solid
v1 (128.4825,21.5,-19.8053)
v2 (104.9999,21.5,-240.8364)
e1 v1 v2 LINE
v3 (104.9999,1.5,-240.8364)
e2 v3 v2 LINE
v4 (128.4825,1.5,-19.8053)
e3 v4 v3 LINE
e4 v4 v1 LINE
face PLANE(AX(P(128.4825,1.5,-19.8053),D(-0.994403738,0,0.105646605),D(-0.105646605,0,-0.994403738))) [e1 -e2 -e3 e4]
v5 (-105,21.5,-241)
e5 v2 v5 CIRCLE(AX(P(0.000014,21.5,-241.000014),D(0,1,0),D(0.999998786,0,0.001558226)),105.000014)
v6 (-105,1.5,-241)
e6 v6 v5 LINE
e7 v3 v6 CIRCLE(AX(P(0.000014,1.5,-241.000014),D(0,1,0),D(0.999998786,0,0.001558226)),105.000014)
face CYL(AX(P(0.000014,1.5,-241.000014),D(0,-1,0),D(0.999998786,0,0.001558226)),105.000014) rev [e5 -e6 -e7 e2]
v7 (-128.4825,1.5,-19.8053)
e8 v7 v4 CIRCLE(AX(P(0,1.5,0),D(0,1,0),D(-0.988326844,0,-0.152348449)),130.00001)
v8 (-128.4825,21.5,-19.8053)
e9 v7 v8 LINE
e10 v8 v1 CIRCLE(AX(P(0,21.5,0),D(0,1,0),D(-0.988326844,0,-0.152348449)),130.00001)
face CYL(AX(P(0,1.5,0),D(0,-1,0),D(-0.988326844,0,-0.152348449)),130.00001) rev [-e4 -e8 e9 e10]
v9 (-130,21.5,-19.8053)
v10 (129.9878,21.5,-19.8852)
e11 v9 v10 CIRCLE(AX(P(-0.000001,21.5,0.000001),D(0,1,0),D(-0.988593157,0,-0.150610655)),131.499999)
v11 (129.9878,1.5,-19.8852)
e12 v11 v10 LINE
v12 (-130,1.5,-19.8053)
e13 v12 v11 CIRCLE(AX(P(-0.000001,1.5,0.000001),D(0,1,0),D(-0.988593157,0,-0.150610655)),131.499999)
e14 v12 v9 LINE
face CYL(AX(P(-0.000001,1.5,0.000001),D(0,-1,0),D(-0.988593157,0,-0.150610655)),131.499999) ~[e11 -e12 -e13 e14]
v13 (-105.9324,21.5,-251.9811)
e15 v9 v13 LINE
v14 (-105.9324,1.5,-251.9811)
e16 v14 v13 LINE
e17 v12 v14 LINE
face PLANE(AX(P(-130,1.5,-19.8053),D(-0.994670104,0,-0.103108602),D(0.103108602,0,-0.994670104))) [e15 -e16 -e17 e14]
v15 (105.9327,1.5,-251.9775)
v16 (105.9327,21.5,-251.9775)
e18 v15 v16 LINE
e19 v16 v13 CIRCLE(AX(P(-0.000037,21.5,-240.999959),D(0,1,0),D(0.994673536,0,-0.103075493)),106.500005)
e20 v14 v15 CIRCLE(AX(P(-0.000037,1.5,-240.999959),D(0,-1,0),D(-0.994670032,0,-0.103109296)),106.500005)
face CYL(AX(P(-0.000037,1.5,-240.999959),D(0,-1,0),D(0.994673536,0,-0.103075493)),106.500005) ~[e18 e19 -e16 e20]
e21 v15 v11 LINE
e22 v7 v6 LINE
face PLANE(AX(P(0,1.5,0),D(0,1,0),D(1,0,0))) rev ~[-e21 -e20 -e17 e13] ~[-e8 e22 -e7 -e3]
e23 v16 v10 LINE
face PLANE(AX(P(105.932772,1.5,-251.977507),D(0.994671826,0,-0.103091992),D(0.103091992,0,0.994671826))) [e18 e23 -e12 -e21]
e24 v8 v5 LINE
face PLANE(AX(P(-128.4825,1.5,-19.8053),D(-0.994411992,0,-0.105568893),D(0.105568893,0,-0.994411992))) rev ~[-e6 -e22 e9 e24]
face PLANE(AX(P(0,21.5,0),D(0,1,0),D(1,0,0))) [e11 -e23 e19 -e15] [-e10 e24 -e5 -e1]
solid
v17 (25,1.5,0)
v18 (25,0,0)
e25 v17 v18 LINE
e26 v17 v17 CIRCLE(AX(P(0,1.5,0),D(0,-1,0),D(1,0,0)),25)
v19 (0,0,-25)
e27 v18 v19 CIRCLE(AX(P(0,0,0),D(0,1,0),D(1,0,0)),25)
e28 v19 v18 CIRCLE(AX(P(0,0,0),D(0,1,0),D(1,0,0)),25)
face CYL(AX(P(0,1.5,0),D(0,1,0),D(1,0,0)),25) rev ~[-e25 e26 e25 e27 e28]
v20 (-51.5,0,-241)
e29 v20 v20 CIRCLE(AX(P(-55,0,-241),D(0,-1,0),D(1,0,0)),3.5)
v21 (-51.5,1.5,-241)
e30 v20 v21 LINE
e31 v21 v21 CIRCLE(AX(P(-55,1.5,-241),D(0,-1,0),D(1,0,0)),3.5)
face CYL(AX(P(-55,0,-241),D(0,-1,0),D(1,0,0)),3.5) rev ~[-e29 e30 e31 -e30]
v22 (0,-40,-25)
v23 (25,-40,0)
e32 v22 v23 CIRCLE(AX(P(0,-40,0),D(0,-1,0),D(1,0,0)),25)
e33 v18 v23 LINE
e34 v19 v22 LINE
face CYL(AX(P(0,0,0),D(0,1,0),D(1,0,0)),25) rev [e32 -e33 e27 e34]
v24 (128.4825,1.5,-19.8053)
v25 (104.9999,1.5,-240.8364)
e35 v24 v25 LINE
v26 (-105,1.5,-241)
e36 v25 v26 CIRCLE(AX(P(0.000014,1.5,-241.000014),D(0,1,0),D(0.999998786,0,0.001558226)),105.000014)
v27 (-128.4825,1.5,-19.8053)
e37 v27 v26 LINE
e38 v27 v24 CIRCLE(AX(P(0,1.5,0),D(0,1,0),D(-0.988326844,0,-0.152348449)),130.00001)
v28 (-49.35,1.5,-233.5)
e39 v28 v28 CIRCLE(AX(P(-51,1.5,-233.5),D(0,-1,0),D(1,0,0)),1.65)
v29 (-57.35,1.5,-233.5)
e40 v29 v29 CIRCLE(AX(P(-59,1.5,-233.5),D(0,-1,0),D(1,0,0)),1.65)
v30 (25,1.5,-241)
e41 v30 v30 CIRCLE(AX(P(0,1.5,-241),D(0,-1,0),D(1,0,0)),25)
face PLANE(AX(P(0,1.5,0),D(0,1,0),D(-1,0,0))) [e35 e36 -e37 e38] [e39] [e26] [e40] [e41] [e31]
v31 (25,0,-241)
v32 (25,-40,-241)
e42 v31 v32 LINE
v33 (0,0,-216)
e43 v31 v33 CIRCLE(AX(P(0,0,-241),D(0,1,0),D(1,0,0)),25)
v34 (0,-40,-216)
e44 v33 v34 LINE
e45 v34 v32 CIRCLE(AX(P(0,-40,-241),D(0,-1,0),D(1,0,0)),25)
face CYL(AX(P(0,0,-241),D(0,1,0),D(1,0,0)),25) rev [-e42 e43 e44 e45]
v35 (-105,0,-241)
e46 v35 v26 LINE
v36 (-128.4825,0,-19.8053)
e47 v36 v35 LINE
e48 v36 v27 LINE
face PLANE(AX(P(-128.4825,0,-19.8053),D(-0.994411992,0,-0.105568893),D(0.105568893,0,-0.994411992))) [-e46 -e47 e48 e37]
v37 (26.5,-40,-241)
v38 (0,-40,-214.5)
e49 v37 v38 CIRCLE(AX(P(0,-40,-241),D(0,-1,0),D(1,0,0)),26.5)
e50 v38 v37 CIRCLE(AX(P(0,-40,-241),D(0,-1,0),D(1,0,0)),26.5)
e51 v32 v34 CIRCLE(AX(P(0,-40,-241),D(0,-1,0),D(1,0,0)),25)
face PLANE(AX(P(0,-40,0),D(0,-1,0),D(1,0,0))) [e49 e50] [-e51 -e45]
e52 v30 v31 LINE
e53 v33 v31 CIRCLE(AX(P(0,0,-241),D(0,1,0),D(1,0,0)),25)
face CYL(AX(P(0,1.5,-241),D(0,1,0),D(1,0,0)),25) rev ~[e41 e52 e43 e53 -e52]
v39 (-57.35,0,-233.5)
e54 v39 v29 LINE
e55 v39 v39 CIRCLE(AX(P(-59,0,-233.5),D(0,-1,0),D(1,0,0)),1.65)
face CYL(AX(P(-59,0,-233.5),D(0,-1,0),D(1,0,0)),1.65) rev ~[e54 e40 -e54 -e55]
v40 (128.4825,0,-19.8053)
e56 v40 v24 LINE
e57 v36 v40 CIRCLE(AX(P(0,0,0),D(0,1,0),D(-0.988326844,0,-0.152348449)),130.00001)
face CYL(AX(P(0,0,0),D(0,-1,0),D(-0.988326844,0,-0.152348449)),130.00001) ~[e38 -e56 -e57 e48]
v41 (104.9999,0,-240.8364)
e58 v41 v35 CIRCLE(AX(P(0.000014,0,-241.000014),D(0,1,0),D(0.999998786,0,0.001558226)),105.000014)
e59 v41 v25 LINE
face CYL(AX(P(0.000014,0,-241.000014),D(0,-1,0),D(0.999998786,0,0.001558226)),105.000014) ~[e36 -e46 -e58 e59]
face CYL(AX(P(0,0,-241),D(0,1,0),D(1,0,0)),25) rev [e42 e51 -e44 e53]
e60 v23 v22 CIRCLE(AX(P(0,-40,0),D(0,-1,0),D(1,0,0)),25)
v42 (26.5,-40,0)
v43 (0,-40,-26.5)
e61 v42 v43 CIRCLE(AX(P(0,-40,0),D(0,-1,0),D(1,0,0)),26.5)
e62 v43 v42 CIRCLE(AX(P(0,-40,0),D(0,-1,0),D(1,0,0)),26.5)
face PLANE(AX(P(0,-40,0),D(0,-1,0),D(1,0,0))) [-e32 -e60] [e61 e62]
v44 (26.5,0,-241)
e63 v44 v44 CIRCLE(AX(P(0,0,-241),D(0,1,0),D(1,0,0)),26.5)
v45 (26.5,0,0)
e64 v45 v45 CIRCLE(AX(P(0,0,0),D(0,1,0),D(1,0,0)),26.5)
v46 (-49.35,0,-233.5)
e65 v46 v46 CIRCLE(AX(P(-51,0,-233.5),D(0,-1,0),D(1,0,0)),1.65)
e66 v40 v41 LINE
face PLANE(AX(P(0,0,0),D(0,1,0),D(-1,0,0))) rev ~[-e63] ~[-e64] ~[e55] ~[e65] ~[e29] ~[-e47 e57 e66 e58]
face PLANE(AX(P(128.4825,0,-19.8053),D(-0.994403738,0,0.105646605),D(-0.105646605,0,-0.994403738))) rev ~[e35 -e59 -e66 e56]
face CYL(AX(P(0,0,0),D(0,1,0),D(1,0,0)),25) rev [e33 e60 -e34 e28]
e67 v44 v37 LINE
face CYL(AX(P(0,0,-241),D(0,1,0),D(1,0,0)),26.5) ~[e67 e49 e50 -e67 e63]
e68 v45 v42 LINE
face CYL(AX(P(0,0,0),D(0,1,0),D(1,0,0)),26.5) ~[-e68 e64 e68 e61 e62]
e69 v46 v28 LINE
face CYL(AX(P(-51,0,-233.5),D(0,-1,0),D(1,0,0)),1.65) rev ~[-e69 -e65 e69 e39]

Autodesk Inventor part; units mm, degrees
ref_plane "YZ Plane" through (0, 0, 0) normal (1, 0, 0) x (0, 1, 0)
ref_plane "XZ Plane" through (0, 0, 0) normal (0, 1, 0) x (-1, 0, 0)
ref_plane "XY Plane" through (0, 0, 0) normal (0, 0, 1) x (1, 0, 0)
sketch "Esboço1" plane through (0, 0, 0) normal (0, 1, 0) x (-1, 0, 0)
  arc A0 (128.4825, -19.8053) -> (-128.4825, -19.8053) centre (0, 0) ccw
  arc A1 (130, -19.8053) -> (-130, -19.8053) centre (0, 0) ccw
  line L0 (0, 0) -> (0, -241) construction
  arc A2 (-104.9999, -240.8364) -> (105, -241) centre (0, -241) ccw
  arc A3 (-106.5, -241) -> (106.5, -241) centre (0, -241) ccw
  line L1 (130, -19.8053) -> (106.5, -241)
  line L2 (-130, -19.8053) -> (-106.5, -241)
  line L3 (128.4825, -19.8053) -> (105, -241)
  line L4 (-128.4825, -19.8053) -> (-104.9999, -240.8364)
  dimension "d0" = 260
  dimension "d1" = 263
  dimension "d2" = 241
  dimension "d3" = 210
  dimension "d4" = 213
extrude "Extrusão1" add sketch "Esboço1" along normal blind 1.5 contours L3 A2 L4 A0
sketch "Esboço2" plane through (0, 1.5, 0) normal (0, 1, 0) x (1, 0, 0)
  arc A0 (-130, 19.8053) -> (129.9878, 19.8852) centre (0, 0) ccw
  line L0 (0, 0) -> (0, 241) construction
  arc A1 (105.9327, 251.9775) -> (-105.9324, 251.9811) centre (0, 241) ccw
  line L1 (-130, 19.8053) -> (-105.9324, 251.9811)
  arc A2 (-128.4825, 19.8053) -> (128.4825, 19.8053) centre (0, 0) ccw projected
  line L2 (-128.4825, 19.8053) -> (-105, 241)
  arc A3 (104.9999, 240.8364) -> (-105, 241) centre (0, 241) ccw projected
  line L3 (105.9324, 251.9811) -> (129.9878, 19.8852)
  line L4 (128.4825, 19.8053) -> (104.9999, 240.8364) projected
  line L5 (128.4825, 19.8053) -> (104.9999, 240.8364)
  dimension "d7" = 263
  dimension "d8" = 241
  dimension "d9" = 213
extrude "Extrusão2" add sketch "Esboço2" along normal blind 20
sketch "Esboço3" plane through (0, 1.5, 0) normal (0, 1, 0) x (1, 0, 0)
  circle A0 centre (0, 0) radius 25
  line L0 (0, 0) -> (0, 241)
  circle A1 centre (0, 241) radius 25
  dimension "d12" = 50
  dimension "d13" = 241
  dimension "d14" = 50
extrude "Extrusão3" cut sketch "Esboço3" against normal blind 20
sketch "Esboço4" plane through (0, 0, 0) normal (0, -1, 0) x (1, 0, 0)
  circle A0 centre (0, 0) radius 26.5
  line L0 (0, 0) -> (0, -241)
  circle A1 centre (0, -241) radius 26.5
  circle A2 centre (0, 0) radius 25
  circle A3 centre (0, -241) radius 25
  dimension "d17" = 53
  dimension "d18" = 241
  dimension "d19" = 53
  dimension "d20" = 50
  dimension "d21" = 50
extrude "Extrusão4" add sketch "Esboço4" along normal blind 40
sketch "Esboço5" plane through (0, 1.5, 0) normal (0, 1, 0) x (1, 0, 0)
  point P0 (0, 0)
sketch "Esboço6" plane through (0, 0, 0) normal (0, -1, 0) x (1, 0, 0)
  point P0 (0, 0)
sketch "Esboço7" plane through (0, 0, 0) normal (0, -1, 0) x (1, 0, 0)
  circle A0 centre (0, -241) radius 25 projected
  circle A1 centre (-55, -241) radius 3.5
  point P0 (0, 0)
  dimension "d24" = 7
  dimension "d25" = 55
extrude "Extrusão5" cut sketch "Esboço7" against normal blind 10 contours A1
sketch "Esboço8" plane through (0, 0, 0) normal (0, -1, 0) x (1, 0, 0)
  circle A0 centre (-51, -233.5) radius 1.65
  circle A1 centre (-59, -233.5) radius 1.65
  circle A2 centre (-55, -241) radius 3.5 projected
  circle A3 centre (-55, -241) radius 3.5
  point P0 (0, 0)
  dimension "d28" = 3.3
  dimension "d29" = 3.3
  dimension "d50" = 7.5
  dimension "d51" = 4
  dimension "d52" = 7.5
  dimension "d53" = 4
extrude "Extrusão6" cut sketch "Esboço8" against normal blind 10 contours A0 | A1
equation "\"Raio_vergadura\" = Espessura"
equation "\"Largura_alívio_de_vergadura\" = Espessura"
equation "\"Profundidade_alívio_de_vergadura\" = 0.5 * Espessura"
equation "\"Tamanho_alívio_de_dobra\" = 4 * Espessura"
equation "\"Remanescente_mínimo\" = 2 * Espessura"
equation "\"Raiodetransição\" = Raio_vergadura"
equation "\"Tamanho_de_raio_de_Jacobi\" = Raio_vergadura"
equation "\"TamanhoFolga\" = Espessura"
equation "\"Espessura\" = 0.5"
properties part number "Tampa Capa CVT"
